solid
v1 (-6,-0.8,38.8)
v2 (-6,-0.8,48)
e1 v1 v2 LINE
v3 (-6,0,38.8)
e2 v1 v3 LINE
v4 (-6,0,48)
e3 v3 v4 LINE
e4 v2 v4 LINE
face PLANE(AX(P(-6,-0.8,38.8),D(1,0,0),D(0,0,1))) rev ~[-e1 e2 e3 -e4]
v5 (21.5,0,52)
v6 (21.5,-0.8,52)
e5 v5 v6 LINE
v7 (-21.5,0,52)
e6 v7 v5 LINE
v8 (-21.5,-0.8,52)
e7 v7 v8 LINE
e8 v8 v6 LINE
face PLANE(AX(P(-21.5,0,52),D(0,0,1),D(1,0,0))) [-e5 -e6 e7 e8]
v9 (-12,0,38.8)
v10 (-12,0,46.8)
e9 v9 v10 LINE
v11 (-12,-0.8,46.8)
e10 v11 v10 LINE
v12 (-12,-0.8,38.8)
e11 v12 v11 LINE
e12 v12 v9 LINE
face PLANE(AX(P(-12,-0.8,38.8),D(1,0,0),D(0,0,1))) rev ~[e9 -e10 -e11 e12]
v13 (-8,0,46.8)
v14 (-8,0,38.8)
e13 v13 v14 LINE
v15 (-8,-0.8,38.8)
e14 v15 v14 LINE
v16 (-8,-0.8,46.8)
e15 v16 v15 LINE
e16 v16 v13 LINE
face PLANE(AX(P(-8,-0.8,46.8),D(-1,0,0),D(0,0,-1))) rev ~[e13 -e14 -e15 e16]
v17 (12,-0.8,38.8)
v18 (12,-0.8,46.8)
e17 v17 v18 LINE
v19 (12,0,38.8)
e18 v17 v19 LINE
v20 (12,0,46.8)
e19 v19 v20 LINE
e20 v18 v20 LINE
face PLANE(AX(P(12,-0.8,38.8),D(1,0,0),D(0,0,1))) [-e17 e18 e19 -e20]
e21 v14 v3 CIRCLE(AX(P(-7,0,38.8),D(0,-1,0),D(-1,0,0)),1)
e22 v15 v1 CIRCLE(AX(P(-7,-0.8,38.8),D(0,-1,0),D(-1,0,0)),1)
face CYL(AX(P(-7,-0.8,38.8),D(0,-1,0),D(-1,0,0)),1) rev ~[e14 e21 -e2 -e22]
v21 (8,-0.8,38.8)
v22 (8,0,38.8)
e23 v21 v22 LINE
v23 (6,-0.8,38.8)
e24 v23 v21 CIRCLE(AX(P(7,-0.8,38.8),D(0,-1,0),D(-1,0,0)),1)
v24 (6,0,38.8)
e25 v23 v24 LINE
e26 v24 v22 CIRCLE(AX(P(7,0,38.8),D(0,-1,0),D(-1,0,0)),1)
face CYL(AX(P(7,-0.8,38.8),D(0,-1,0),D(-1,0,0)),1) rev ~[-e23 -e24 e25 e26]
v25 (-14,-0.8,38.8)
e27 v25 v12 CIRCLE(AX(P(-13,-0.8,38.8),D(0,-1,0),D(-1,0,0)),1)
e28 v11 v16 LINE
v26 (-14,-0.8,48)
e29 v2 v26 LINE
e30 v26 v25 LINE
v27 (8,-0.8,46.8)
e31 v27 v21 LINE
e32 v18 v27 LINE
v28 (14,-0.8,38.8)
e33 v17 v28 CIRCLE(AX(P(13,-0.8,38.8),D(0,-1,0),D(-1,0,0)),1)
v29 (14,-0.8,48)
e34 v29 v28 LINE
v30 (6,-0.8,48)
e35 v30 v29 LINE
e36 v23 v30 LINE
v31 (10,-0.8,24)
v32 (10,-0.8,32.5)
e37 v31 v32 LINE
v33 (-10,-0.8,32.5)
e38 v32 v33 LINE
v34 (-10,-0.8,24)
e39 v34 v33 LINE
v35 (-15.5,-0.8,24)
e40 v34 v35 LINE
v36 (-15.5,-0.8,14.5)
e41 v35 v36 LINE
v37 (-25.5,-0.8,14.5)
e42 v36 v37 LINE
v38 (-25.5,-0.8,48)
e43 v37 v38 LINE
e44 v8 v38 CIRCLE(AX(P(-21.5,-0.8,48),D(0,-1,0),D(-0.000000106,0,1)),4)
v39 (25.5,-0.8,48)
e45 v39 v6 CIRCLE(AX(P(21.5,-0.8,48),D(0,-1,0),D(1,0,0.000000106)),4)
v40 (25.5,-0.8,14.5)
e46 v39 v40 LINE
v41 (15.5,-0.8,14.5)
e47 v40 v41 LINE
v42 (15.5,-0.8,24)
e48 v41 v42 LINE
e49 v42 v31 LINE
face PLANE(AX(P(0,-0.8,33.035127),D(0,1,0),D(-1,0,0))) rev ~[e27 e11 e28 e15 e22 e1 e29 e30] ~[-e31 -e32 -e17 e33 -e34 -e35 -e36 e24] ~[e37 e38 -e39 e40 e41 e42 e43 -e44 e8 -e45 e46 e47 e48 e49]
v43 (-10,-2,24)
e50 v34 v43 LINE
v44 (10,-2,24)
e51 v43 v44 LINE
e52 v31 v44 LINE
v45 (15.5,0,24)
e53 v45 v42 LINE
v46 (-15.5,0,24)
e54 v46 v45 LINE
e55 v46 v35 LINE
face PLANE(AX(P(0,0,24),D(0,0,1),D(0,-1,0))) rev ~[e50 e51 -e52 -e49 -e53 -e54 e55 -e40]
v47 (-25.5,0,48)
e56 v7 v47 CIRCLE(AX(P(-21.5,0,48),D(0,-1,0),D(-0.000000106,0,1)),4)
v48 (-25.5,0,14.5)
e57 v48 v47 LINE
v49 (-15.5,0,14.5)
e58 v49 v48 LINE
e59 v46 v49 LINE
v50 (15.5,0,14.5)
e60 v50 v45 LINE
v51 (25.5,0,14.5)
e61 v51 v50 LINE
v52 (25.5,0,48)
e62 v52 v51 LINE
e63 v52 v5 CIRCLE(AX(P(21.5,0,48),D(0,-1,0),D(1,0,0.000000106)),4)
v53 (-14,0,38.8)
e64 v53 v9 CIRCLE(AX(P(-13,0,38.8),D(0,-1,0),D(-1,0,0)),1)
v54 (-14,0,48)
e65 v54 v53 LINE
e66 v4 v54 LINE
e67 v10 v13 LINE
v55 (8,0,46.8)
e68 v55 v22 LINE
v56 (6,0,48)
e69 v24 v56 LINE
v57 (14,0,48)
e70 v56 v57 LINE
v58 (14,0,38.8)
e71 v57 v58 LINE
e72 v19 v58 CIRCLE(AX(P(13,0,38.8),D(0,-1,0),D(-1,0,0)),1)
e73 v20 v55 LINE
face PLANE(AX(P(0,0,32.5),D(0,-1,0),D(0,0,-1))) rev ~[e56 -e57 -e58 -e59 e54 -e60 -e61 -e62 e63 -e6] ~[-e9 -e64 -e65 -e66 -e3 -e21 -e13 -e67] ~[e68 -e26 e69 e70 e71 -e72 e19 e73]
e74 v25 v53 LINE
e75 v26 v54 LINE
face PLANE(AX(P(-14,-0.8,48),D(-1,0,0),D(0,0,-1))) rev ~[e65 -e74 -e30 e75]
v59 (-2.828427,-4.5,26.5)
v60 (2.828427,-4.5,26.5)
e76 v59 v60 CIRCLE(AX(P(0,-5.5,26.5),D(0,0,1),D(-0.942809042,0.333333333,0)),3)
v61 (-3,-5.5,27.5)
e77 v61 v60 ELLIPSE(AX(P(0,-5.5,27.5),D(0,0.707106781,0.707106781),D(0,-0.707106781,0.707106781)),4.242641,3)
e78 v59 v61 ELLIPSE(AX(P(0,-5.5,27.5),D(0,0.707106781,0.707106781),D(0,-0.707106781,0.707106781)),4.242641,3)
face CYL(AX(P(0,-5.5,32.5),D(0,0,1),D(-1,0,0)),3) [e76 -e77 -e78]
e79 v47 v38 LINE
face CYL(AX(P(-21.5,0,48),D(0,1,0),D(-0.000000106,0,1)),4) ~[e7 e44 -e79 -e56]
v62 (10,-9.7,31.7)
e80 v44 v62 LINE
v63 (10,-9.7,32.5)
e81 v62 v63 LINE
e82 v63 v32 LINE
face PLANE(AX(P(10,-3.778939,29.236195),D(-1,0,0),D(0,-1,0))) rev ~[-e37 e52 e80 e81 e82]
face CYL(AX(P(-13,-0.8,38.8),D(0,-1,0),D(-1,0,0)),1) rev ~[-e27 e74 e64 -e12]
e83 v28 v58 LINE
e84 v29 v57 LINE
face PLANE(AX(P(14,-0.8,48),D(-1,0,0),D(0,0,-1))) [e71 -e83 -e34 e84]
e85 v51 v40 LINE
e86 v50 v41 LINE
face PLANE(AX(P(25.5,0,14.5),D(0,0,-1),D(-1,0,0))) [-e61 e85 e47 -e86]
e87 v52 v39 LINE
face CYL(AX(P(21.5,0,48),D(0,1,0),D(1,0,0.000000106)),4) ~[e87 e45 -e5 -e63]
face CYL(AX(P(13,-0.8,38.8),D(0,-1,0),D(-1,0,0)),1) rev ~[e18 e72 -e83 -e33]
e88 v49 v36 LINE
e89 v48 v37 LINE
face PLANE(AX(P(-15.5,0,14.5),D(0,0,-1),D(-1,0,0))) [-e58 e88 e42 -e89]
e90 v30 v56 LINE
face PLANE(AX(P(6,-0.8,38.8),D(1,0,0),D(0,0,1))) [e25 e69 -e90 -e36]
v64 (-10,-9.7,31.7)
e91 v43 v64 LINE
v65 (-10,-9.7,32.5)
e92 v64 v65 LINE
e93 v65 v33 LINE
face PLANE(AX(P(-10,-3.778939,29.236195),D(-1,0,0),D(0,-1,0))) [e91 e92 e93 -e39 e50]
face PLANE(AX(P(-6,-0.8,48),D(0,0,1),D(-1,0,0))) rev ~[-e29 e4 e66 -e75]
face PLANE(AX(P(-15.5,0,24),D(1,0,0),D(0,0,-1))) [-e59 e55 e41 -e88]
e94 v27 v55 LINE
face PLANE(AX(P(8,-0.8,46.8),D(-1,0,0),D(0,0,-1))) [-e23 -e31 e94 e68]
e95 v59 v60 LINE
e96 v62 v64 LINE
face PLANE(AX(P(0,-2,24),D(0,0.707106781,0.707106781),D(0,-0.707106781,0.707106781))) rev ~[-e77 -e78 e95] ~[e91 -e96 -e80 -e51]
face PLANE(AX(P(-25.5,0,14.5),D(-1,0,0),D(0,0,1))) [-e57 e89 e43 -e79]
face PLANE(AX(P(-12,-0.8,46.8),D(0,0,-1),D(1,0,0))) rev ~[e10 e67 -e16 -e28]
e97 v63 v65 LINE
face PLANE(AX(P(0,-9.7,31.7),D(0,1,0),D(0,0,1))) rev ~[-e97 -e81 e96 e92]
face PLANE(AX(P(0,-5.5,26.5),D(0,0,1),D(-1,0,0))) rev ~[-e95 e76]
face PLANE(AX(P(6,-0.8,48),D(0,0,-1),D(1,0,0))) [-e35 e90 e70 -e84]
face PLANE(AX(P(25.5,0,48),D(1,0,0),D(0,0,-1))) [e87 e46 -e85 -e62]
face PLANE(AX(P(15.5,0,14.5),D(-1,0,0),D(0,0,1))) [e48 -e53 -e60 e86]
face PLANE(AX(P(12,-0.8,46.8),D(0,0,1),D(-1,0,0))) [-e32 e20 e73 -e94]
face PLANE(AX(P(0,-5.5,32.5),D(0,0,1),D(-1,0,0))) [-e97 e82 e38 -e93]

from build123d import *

# Parameters (mm, degrees)
PAD_DEPTH    = 0.8
PAD001_DEPTH = 10
SKETCH003_R  = 3
PAD002_DEPTH = 6
POCKET_DEPTH = 5


with BuildPart() as part:
    # Sketch → Pad (new body)
    with BuildSketch(Plane.XZ):
        with BuildLine():
            Line((-25.5, 14.5), (-25.5, 48))
            ThreePointArc((-21.5, 52), (-24.328427, 50.828427), (-25.5, 48))
            Line((-21.5, 52), (21.5, 52))
            ThreePointArc((25.5, 48), (24.328427, 50.828427), (21.5, 52))
            Line((25.5, 48), (25.5, 14.5))
            Line((25.5, 14.5), (15.5, 14.5))
            Line((15.5, 14.5), (15.5, 24))
            Line((15.5, 24), (-15.5, 24))
            Line((-15.5, 24), (-15.5, 14.5))
            Line((-15.5, 14.5), (-25.5, 14.5))
        make_face()
    extrude(amount=PAD_DEPTH)

    # Sketch001 → Pad001 (join, symmetric)
    with BuildSketch(Plane.YZ):
        Polygon((-2, 24), (-9.7, 31.7), (-9.7, 32.5), (0, 32.5), (0, 24), align=None)
    extrude(amount=PAD001_DEPTH, both=True)

    # Sketch003 (on Face12 of Pad001) → Pad002 (join)
    with BuildSketch(Plane(origin=(0, 0, 32.5), x_dir=(-1, 0, 0), z_dir=(0, 0, 1))):
        with Locations((0, 5.5)):
            Circle(SKETCH003_R)
    extrude(amount=-PAD002_DEPTH)

    # Sketch004 (on Face5 of Pad002) → Pocket (cut)
    with BuildSketch(Plane.XZ.offset(0.8)):
        with BuildLine():
            Line((-12, 38.8), (-12, 46.8))
            Line((-12, 46.8), (-8, 46.8))
            Line((-8, 46.8), (-8, 38.8))
            ThreePointArc((-8, 38.8), (-7, 37.8), (-6, 38.8))
            Line((-6, 38.8), (-6, 48))
            Line((-6, 48), (-14, 48))
            Line((-14, 48), (-14, 38.8))
            ThreePointArc((-14, 38.8), (-13, 37.8), (-12, 38.8))
        make_face()
        with BuildLine():
            Line((12, 38.8), (12, 46.8))
            Line((12, 46.8), (8, 46.8))
            Line((8, 46.8), (8, 38.8))
            ThreePointArc((6, 38.8), (7, 37.8), (8, 38.8))
            Line((6, 38.8), (6, 48))
            Line((6, 48), (14, 48))
            Line((14, 48), (14, 38.8))
            ThreePointArc((12, 38.8), (13, 37.8), (14, 38.8))
        make_face()
    extrude(amount=-POCKET_DEPTH, mode=Mode.SUBTRACT)


solid = part.part
